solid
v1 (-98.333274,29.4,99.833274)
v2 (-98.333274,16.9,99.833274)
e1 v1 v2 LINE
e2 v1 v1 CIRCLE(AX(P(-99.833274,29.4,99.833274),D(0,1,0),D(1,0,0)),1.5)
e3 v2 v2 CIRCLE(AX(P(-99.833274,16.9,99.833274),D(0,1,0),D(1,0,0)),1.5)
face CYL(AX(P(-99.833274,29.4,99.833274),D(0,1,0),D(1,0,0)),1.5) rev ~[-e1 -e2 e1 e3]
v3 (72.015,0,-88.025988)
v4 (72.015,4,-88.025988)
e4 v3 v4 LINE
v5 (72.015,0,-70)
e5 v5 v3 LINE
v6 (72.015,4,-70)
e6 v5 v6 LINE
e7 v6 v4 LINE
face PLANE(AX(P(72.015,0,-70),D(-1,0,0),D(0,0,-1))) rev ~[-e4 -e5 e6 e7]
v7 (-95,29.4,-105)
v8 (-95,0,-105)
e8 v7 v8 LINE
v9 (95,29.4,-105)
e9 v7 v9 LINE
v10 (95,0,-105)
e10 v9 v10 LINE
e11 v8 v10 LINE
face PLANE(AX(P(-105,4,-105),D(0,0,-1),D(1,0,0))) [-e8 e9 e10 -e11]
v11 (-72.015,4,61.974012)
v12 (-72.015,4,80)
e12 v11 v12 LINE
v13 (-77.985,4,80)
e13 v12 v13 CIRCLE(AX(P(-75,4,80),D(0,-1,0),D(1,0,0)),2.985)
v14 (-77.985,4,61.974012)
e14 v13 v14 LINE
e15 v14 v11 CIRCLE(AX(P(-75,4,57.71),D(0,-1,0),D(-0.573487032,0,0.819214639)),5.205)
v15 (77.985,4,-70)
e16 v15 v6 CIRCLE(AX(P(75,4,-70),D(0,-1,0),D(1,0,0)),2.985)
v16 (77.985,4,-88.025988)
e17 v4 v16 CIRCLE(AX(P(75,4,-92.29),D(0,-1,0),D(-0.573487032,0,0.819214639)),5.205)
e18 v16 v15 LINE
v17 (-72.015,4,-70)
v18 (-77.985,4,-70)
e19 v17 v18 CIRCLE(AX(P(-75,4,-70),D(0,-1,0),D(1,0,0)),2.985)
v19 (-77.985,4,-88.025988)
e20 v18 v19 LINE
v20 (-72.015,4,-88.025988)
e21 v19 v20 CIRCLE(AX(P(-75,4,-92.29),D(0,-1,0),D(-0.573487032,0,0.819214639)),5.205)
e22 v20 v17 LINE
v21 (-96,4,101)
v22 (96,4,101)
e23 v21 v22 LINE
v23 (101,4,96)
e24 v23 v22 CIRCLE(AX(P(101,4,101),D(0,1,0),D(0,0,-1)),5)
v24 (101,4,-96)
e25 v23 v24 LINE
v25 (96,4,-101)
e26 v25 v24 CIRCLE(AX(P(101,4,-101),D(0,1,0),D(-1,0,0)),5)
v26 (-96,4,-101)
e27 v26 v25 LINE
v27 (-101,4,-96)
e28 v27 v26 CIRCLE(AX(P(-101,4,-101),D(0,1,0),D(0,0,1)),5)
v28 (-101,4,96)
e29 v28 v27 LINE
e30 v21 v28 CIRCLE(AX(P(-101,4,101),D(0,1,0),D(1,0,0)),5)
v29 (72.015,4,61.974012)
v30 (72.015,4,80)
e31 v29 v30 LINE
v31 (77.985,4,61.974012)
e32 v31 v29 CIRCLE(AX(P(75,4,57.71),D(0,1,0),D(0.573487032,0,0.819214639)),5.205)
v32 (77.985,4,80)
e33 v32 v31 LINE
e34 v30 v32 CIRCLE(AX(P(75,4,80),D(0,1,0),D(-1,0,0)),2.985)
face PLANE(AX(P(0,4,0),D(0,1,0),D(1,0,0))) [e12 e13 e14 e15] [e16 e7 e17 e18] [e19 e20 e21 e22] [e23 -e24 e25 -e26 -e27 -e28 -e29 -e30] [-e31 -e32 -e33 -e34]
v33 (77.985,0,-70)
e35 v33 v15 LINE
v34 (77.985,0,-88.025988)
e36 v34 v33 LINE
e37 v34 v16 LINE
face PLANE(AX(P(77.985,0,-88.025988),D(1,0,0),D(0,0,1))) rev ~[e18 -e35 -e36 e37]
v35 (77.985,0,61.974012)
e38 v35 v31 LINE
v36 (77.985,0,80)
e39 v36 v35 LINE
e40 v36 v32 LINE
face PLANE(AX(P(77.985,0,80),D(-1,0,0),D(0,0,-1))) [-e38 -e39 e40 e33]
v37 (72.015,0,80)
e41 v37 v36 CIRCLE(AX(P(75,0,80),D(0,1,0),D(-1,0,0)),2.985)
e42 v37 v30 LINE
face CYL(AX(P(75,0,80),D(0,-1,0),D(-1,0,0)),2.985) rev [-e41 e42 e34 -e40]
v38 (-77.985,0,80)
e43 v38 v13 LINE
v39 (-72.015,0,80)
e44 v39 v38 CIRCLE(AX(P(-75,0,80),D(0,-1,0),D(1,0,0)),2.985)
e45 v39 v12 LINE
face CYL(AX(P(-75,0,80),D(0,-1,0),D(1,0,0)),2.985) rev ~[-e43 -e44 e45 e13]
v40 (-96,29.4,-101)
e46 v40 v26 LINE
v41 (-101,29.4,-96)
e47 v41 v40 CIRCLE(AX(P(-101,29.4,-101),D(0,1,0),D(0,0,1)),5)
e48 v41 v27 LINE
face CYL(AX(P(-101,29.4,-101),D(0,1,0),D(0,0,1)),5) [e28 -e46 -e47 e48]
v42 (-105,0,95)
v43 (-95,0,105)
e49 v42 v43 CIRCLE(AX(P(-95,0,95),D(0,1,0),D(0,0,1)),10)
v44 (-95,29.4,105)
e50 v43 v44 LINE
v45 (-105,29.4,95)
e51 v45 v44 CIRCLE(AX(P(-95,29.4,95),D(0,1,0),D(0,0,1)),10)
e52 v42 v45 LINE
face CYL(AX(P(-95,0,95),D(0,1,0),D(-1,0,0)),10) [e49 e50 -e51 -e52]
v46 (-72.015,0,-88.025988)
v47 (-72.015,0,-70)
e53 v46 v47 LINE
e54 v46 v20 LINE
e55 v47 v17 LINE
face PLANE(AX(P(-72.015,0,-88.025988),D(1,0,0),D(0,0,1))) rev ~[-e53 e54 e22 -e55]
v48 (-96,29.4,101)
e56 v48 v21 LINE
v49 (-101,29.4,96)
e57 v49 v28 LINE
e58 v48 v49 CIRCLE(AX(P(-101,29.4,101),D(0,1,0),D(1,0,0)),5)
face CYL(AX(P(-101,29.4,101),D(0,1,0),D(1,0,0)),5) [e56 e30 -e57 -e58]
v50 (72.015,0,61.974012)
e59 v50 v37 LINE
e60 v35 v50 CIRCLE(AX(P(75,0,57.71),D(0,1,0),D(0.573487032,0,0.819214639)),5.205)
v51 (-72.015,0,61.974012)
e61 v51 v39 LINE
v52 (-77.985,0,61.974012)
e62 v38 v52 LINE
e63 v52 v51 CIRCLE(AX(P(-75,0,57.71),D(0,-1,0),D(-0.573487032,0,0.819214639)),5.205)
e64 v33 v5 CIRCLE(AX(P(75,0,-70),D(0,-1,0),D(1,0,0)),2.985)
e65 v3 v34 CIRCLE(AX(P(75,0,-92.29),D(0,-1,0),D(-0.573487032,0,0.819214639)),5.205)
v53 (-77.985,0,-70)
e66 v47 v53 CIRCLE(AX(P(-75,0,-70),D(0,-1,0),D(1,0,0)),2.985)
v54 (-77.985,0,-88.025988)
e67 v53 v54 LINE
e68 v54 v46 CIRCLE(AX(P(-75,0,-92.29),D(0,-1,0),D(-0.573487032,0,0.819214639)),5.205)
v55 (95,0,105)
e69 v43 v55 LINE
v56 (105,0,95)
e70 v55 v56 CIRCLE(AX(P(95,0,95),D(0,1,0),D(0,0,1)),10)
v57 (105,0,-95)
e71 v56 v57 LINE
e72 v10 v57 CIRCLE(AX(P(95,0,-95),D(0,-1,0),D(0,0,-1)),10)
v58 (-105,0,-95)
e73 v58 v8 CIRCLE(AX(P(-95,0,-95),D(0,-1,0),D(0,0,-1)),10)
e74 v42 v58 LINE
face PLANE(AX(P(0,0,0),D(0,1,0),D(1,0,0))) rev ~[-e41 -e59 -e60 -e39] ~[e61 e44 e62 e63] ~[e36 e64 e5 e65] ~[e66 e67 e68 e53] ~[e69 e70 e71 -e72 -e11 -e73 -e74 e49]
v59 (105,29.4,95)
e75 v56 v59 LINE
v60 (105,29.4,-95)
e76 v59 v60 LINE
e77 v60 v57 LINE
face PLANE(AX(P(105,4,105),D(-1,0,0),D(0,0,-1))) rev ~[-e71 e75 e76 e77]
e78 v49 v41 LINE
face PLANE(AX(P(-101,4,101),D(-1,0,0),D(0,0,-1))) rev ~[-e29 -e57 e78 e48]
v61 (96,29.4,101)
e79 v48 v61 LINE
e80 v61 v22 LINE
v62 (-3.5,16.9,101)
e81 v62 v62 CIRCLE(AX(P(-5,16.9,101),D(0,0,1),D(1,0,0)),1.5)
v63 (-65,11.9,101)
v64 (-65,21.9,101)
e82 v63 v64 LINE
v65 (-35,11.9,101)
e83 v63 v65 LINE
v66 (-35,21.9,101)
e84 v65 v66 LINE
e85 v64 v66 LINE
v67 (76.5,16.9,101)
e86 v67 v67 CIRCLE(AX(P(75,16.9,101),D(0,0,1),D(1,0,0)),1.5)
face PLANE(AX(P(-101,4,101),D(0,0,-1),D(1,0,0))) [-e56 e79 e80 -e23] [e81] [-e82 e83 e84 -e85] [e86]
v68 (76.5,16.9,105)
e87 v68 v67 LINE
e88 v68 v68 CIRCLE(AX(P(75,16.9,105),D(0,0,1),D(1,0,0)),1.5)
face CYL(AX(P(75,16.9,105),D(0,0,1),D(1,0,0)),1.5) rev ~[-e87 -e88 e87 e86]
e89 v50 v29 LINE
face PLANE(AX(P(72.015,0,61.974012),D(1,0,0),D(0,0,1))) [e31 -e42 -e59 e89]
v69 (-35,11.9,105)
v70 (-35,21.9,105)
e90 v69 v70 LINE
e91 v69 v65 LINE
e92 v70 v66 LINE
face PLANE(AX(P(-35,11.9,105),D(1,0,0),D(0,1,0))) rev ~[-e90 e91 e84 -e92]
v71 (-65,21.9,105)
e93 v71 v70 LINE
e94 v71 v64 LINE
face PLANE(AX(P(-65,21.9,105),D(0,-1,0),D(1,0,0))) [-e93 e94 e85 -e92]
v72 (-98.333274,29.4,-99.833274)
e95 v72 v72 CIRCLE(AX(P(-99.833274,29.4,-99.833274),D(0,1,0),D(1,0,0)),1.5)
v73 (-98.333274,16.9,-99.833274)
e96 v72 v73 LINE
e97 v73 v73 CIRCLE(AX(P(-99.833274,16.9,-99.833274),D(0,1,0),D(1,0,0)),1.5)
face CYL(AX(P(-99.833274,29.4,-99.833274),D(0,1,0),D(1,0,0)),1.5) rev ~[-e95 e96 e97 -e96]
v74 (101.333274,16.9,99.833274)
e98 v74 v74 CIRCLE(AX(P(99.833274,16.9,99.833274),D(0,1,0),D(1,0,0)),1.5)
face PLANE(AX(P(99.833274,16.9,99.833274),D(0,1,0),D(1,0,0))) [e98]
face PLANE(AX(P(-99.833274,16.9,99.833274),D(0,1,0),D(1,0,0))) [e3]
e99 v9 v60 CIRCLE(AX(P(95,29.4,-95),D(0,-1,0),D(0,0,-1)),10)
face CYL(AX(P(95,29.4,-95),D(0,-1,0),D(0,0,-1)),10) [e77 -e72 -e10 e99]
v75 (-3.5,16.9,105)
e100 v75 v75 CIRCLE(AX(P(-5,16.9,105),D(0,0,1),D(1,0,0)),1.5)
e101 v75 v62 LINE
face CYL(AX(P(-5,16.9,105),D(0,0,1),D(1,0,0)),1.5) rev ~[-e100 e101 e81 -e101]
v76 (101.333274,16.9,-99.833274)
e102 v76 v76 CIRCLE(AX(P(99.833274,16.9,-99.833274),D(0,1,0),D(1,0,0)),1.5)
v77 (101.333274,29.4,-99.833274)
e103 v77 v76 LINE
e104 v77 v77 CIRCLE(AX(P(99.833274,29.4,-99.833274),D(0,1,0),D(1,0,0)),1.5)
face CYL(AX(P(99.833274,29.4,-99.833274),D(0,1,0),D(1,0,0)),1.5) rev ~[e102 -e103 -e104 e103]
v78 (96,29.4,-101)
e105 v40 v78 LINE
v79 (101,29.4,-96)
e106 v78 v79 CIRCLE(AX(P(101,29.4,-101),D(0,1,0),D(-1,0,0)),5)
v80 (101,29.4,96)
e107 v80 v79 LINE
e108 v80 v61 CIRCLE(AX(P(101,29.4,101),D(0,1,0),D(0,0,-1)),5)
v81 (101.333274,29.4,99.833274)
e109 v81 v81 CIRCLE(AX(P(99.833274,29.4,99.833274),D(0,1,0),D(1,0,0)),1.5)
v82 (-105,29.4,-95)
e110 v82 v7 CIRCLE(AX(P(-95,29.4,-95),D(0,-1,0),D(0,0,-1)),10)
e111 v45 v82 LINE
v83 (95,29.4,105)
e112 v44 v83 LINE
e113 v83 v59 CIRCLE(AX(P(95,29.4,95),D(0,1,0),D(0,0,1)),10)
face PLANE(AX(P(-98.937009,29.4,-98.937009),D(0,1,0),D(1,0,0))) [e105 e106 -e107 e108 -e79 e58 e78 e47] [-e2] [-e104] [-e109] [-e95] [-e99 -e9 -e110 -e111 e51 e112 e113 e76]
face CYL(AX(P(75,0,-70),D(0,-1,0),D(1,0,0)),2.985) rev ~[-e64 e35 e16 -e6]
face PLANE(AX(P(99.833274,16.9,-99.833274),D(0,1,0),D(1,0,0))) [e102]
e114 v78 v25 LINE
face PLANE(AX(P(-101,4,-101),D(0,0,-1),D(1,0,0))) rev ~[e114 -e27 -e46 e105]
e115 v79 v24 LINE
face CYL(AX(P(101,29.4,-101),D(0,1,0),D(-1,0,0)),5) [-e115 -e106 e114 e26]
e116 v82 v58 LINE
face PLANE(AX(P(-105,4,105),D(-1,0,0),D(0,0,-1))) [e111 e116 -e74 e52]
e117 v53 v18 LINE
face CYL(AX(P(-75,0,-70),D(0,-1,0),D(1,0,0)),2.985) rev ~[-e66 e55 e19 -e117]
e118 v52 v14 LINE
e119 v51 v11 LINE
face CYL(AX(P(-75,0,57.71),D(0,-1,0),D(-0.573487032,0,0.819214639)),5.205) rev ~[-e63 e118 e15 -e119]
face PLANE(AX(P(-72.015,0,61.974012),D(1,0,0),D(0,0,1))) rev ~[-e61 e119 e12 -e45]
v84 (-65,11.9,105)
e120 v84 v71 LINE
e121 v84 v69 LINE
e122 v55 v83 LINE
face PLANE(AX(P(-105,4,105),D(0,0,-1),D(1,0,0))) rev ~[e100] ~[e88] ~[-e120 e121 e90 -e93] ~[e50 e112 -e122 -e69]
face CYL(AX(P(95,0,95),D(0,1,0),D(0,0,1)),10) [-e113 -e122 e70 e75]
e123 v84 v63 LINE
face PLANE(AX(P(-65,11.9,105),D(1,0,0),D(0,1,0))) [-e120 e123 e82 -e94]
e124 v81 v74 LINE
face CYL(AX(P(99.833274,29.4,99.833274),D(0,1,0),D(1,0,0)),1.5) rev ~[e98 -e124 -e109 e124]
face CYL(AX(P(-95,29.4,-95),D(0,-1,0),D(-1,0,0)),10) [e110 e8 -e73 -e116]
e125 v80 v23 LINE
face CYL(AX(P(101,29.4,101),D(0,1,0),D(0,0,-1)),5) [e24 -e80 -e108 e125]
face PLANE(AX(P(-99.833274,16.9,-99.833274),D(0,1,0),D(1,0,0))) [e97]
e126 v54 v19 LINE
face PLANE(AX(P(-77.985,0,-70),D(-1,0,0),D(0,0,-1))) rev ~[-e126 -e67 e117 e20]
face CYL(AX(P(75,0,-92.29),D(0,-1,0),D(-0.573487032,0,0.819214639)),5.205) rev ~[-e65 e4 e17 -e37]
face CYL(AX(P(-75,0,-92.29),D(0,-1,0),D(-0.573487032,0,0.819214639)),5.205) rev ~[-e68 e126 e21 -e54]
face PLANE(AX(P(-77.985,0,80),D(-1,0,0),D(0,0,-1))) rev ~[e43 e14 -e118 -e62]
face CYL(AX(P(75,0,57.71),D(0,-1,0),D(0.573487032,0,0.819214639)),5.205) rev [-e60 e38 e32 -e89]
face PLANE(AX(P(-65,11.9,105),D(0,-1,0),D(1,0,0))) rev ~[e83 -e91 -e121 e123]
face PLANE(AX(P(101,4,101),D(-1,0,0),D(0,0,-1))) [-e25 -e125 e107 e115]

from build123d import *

# Parameters (mm, degrees)
SKETCH1_W            = 210
SKETCH1_H            = 210
BASE_DEPTH           = 4
WALLS_START          = 4
SKETCH1_3_W          = 210
SKETCH1_3_H          = 210
SKETCH1_3_W_2        = 202
SKETCH1_3_H_2        = 202
WALLS_DEPTH          = 25.4
SCREWMOUNTS_DEPTH    = 25.4
SKETCH2_5_R          = 1.5
SCREWHOLES_DEPTH     = 12.5
ROUNDEDCORNERS_R     = 10
BACKHOLEMOUNTS_DEPTH = 4
SKETCH4_R            = 1.5
SKETCH4_W            = 30
SKETCH4_H            = 10
BATTERYPACK_DEPTH    = 4


with BuildPart() as part:
    # Sketch1 → Base (new body)
    with BuildSketch(Plane(origin=(0, 0, 0), x_dir=(1, 0, 0), z_dir=(0, 1, 0))):
        Rectangle(SKETCH1_W, SKETCH1_H)
    extrude(amount=BASE_DEPTH)

    # Sketch1<3> → Walls (add)
    with BuildSketch(Plane(origin=(0, 0, 0), x_dir=(1, 0, 0), z_dir=(0, 1, 0)).offset(WALLS_START)):
        Rectangle(SKETCH1_3_W, SKETCH1_3_H)
        Rectangle(SKETCH1_3_W_2, SKETCH1_3_H_2, mode=Mode.SUBTRACT)
    extrude(amount=WALLS_DEPTH)

    # Sketch2 → ScrewMounts (add)
    with BuildSketch(Plane(origin=(0, 29.4, 0), x_dir=(1, 0, 0), z_dir=(0, 1, 0))):
        with BuildLine():
            Line((-101, 101), (-101, 96))
            ThreePointArc((-101, 96), (-97.464466094, 97.464466094), (-96, 101))
            Line((-96, 101), (-101, 101))
        make_face()
        with BuildLine():
            Line((-101, -101), (-96, -101))
            ThreePointArc((-96, -101), (-97.464466094, -97.464466094), (-101, -96))
            Line((-101, -96), (-101, -101))
        make_face()
        with BuildLine():
            Line((101, 101), (96, 101))
            ThreePointArc((96, 101), (97.464466094, 97.464466094), (101, 96))
            Line((101, 96), (101, 101))
        make_face()
        with BuildLine():
            Line((101, -101), (101, -96))
            ThreePointArc((101, -96), (97.464466094, -97.464466094), (96, -101))
            Line((96, -101), (101, -101))
        make_face()
    extrude(amount=-SCREWMOUNTS_DEPTH)

    # Sketch2<5> → ScrewHoles (cut)
    with BuildSketch(Plane(origin=(0, 29.4, 0), x_dir=(1, 0, 0), z_dir=(0, 1, 0))):
        with Locations((-99.833273811, 99.833273811)):
            Circle(SKETCH2_5_R)
        with Locations((-99.833273811, -99.833273811)):
            Circle(SKETCH2_5_R)
        with Locations((99.833273811, 99.833273811)):
            Circle(SKETCH2_5_R)
        with Locations((99.833273811, -99.833273811)):
            Circle(SKETCH2_5_R)
    extrude(amount=-SCREWHOLES_DEPTH, mode=Mode.SUBTRACT)

    # RoundedCorners
    roundedcorners_edges = [part.edges().sort_by_distance(p)[0] for p in [
        (-105, 14.7, 105),
        (105, 14.7, 105),
        (105, 14.7, -105),
        (-105, 14.7, -105),
    ]]
    fillet(roundedcorners_edges, radius=ROUNDEDCORNERS_R)

    # Sketch3 → BackHoleMounts (cut)
    with BuildSketch(Plane.XZ):
        with BuildLine():
            Line((-77.985, 80), (-77.985, 61.974012195))
            ThreePointArc((-77.985, 61.974012195), (-75, 52.505), (-72.015, 61.974012195))
            Line((-72.015, 61.974012195), (-72.015, 80))
            ThreePointArc((-72.015, 80), (-75, 82.985), (-77.985, 80))
        make_face()
        with BuildLine():
            Line((77.985, 80), (77.985, 61.974012195))
            ThreePointArc((77.985, 61.974012195), (75, 52.505), (72.015, 61.974012195))
            Line((72.015, 61.974012195), (72.015, 80))
            ThreePointArc((72.015, 80), (75, 82.985), (77.985, 80))
        make_face()
        with BuildLine():
            Line((72.015, -70), (72.015, -88.025987805))
            ThreePointArc((72.015, -88.025987805), (75, -97.495), (77.985, -88.025987805))
            Line((77.985, -88.025987805), (77.985, -70))
            ThreePointArc((77.985, -70), (75, -67.015), (72.015, -70))
        make_face()
        with BuildLine():
            Line((-77.985, -70), (-77.985, -88.025987805))
            ThreePointArc((-77.985, -88.025987805), (-75, -97.495), (-72.015, -88.025987805))
            Line((-72.015, -88.025987805), (-72.015, -70))
            ThreePointArc((-72.015, -70), (-75, -67.015), (-77.985, -70))
        make_face()
    extrude(amount=-BACKHOLEMOUNTS_DEPTH, mode=Mode.SUBTRACT)

    # Sketch4 → BatteryPack (cut)
    with BuildSketch(Plane.XY.offset(105)):
        with Locations((75, 16.9)):
            Circle(SKETCH4_R)
        with Locations((-5, 16.9)):
            Circle(SKETCH4_R)
        with Locations((-50, 16.9)):
            Rectangle(SKETCH4_W, SKETCH4_H)
    extrude(amount=-BATTERYPACK_DEPTH, mode=Mode.SUBTRACT)


solid = part.part
